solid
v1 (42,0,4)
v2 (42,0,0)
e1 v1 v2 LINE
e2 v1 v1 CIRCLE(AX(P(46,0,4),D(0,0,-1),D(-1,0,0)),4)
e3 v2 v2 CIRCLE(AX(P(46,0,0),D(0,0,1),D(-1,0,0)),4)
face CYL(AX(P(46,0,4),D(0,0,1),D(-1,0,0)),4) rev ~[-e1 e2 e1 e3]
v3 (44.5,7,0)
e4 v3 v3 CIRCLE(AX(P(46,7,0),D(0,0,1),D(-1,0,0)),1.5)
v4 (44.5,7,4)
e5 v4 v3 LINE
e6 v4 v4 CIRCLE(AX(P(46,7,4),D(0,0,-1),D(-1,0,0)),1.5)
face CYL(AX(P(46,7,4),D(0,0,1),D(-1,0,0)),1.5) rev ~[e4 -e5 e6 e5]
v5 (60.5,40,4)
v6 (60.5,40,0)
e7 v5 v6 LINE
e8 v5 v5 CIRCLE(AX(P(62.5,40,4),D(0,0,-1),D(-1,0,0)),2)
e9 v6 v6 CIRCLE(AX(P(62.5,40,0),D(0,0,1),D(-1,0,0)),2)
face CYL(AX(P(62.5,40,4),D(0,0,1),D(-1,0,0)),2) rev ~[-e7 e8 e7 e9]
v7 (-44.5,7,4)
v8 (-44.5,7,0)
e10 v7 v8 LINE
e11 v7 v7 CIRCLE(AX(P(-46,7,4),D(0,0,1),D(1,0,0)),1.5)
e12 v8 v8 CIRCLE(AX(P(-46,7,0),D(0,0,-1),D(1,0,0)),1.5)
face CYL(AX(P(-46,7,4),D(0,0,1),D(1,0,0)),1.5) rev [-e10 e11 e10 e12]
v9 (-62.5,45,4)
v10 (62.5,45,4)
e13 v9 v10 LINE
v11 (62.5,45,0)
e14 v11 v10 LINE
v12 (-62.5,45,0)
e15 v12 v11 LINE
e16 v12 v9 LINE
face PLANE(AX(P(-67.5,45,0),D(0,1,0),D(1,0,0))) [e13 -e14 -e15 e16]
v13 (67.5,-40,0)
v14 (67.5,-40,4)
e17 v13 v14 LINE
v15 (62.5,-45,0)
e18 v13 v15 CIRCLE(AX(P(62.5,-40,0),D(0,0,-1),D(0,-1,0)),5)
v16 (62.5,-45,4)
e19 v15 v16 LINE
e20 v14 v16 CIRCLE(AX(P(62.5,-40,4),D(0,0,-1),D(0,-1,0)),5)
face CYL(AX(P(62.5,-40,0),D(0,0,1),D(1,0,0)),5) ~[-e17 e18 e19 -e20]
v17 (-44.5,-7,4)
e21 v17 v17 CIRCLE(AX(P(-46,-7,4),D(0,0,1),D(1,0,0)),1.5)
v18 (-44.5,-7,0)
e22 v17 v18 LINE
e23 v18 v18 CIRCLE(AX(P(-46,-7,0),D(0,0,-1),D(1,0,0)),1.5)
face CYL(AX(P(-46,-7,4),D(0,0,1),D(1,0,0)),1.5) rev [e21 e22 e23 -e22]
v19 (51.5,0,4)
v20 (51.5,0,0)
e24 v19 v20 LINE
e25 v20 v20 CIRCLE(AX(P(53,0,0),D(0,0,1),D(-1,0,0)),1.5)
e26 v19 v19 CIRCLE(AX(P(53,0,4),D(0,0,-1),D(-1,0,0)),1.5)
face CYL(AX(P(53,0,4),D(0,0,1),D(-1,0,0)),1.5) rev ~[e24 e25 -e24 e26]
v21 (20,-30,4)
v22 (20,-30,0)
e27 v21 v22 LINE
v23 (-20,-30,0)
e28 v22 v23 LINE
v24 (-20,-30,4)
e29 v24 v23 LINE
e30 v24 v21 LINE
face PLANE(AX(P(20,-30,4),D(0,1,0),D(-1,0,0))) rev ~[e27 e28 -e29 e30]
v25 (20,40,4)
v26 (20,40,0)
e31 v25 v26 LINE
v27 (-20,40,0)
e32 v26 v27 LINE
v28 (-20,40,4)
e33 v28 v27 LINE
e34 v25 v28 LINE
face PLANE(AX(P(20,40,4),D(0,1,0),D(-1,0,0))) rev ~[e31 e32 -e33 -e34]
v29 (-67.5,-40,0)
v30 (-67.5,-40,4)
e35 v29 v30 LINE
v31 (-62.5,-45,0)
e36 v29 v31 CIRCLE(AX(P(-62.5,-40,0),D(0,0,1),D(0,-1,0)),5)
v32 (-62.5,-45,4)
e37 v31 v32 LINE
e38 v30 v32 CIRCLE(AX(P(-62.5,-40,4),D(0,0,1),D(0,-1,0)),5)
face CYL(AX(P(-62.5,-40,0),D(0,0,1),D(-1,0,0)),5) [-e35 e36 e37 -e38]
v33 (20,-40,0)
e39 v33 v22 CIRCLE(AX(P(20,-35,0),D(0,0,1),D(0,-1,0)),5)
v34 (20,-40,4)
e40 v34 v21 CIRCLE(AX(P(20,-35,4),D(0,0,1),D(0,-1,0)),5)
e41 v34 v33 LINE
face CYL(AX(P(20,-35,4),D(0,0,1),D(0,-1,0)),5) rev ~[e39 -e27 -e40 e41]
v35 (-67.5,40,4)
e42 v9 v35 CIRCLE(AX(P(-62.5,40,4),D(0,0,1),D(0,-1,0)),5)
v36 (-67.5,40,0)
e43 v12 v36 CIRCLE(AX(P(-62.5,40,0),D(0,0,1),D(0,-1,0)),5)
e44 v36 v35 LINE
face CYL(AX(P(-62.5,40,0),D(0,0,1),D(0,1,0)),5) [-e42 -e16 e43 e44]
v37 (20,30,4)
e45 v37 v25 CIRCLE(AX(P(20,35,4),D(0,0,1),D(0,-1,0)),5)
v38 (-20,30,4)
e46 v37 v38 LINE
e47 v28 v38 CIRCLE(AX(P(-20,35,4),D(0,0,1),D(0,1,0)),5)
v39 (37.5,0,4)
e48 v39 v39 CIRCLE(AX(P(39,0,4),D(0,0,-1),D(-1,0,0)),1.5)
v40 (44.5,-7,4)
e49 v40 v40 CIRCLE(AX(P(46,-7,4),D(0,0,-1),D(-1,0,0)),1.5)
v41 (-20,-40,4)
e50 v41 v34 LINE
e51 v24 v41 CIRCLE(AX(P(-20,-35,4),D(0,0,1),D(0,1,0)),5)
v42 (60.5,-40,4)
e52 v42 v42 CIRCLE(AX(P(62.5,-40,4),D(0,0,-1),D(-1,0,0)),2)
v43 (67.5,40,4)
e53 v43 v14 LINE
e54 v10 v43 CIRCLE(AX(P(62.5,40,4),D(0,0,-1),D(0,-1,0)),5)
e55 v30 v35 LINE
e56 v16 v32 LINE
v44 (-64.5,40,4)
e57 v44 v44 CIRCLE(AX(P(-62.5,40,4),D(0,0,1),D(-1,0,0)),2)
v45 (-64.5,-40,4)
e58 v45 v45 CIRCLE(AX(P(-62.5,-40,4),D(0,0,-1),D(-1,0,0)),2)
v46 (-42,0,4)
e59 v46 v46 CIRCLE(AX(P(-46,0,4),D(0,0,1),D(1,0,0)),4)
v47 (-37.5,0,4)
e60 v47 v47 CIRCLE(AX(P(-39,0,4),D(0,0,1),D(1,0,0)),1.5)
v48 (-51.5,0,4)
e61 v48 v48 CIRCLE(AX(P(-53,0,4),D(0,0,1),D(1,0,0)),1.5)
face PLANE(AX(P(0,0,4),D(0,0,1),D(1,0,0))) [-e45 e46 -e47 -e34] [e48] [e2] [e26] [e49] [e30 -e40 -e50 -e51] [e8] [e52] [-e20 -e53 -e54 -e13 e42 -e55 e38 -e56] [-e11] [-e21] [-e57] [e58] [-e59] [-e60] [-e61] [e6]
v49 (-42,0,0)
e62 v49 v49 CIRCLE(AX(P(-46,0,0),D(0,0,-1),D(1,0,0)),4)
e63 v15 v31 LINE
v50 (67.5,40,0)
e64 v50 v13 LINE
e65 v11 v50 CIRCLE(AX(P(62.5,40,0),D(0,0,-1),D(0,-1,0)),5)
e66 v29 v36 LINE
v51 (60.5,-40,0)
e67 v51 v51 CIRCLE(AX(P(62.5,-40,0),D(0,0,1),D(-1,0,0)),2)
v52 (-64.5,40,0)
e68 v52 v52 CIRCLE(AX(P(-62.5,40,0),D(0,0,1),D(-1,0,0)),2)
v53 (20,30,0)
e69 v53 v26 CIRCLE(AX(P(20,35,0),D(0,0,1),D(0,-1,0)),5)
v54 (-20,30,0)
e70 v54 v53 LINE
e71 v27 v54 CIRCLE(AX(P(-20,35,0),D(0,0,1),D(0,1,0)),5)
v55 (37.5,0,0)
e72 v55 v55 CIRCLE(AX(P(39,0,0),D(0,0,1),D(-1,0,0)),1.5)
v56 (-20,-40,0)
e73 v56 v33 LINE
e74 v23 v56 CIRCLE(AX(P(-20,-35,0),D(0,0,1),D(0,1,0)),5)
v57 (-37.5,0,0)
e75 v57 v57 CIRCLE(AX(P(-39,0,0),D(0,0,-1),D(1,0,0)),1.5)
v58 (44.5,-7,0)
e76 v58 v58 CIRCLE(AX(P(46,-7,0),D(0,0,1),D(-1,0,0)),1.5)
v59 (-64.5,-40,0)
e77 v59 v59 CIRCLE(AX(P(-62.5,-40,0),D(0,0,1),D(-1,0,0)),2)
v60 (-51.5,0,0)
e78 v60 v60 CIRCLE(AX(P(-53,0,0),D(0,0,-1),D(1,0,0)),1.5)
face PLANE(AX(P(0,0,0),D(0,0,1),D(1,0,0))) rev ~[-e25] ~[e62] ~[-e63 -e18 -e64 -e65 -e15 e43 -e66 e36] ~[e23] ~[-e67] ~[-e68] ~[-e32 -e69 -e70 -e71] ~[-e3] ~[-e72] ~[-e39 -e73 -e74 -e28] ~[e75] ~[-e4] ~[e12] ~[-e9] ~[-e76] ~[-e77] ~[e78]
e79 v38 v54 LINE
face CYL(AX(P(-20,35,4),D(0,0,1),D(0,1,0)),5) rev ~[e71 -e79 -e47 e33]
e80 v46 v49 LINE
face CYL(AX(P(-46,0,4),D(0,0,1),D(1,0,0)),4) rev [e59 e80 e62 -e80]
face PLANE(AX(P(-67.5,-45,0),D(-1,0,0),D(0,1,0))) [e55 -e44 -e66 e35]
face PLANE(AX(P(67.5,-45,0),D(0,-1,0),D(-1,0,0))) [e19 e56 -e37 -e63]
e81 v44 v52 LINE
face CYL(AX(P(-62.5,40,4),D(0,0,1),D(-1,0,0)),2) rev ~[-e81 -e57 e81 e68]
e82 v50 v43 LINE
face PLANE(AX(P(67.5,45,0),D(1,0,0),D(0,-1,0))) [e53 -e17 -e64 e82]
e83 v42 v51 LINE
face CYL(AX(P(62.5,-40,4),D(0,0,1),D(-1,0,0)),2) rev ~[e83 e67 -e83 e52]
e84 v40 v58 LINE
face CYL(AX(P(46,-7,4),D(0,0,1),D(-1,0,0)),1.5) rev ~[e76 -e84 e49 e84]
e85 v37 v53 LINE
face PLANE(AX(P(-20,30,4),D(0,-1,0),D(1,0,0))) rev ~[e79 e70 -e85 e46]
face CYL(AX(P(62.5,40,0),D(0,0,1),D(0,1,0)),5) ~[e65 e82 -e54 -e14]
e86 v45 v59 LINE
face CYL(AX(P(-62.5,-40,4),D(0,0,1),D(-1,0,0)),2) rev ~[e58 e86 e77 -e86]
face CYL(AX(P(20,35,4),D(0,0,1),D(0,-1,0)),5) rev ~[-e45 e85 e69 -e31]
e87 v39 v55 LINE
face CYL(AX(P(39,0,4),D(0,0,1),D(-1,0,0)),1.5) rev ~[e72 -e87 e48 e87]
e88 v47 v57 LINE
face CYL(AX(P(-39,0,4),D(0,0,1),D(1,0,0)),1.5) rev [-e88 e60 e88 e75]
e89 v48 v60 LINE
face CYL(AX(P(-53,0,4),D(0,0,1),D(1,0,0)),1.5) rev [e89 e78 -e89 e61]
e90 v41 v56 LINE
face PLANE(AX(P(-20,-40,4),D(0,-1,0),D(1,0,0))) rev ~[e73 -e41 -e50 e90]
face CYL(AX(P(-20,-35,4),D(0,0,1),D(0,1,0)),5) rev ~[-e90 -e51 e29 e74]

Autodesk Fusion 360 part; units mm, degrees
sketch "Boceto1" plane through (0, 0, 0) normal (0, 0, 1) x (1, 0, 0)
  line L0 (-67.5, 45) -> (67.5, 45)
  line L1 (67.5, 45) -> (67.5, -45)
  line L2 (67.5, -45) -> (-67.5, -45)
  line L3 (-67.5, -45) -> (-67.5, 45)
  line L4 (-67.5, 45) -> (67.5, -45) construction
  line L5 (67.5, 45) -> (-67.5, -45) construction
  dimension "d1" = 135
  dimension "d2" = 90
extrude "Extruir1" add sketch "Boceto1" along normal blind 4
sketch "Boceto2" plane through (0, 0, 4) normal (0, 0, 1) x (-1, 0, 0)
  line L0 (67.5, 45) -> (-67.5, 45)
  line L1 (-67.5, 45) -> (-67.5, -45)
  line L2 (-67.5, -45) -> (67.5, -45)
  line L3 (67.5, -45) -> (67.5, 45)
  line L4 (67.5, -45) -> (67.5, -40)
  line L5 (67.5, -40) -> (62.5, -40)
  line L6 (67.5, 45) -> (62.5, 45)
  line L7 (62.5, 45) -> (62.5, 40)
  line L8 (-67.5, -45) -> (-62.5, -45)
  line L9 (-62.5, -45) -> (-62.5, -40)
  line L10 (-67.5, 45) -> (-67.5, 40)
  line L11 (-67.5, 40) -> (-62.5, 40)
  circle A0 centre (62.5, -40) radius 2
  circle A1 centre (62.5, 40) radius 2
  circle A2 centre (-62.5, -40) radius 2
  circle A3 centre (-62.5, 40) radius 2
  dimension "d5" = 5
  dimension "d6" = 5
  dimension "d7" = 135
  dimension "d8" = 90
  dimension "d9" = 5
  dimension "d10" = 5
  dimension "d11" = 5
  dimension "d12" = 5
  dimension "d13" = 5
  dimension "d14" = 5
  dimension "d15" = 4
  dimension "d16" = 4
  dimension "d17" = 4
  dimension "d18" = 4
extrude "Extruir2" cut sketch "Boceto2" against normal blind 4 contours A1 | A3 | A2 | A0
fillet "Empalme1" radius 5 4 edges at (-67.5, -45, 2) (67.5, -45, 2) (67.5, 45, 2) (-67.5, 45, 2)
sketch "Boceto3" plane through (0, 0, 4) normal (0, 0, 1) x (-1, 0, 0)
  circle A0 centre (62.5, 40) radius 2
  circle A1 centre (-62.5, -40) radius 2
  circle A2 centre (62.5, -40) radius 2
  circle A3 centre (-62.5, 40) radius 2
  arc A4 (62.5, -45) -> (67.5, -40) centre (62.5, -40) ccw
  line L0 (67.5, -40) -> (67.5, 40)
  arc A5 (67.5, 40) -> (62.5, 45) centre (62.5, 40) ccw
  line L1 (62.5, 45) -> (-62.5, 45)
  arc A6 (-62.5, 45) -> (-67.5, 40) centre (-62.5, 40) ccw
  line L2 (-67.5, 40) -> (-67.5, -40)
  arc A7 (-67.5, -40) -> (-62.5, -45) centre (-62.5, -40) ccw
  line L3 (-62.5, -45) -> (62.5, -45)
  line L4 (-67.5, 0) -> (-46, 0)
  circle A8 centre (-46, 0) radius 4
  circle A9 centre (-46, 0) radius 7
  line L5 (-46, 0) -> (-46, -7) construction
  line L6 (-46, 0) -> (-39, 0) construction
  line L7 (-46, 0) -> (-46, 7) construction
  line L8 (-46, 0) -> (-53, 0) construction
  circle A10 centre (-46, -7) radius 1.5
  circle A11 centre (-39, 0) radius 1.5
  circle A12 centre (-46, 7) radius 1.5
  circle A13 centre (-53, 0) radius 1.5
  dimension "d23" = 21.5
  dimension "d24" = 8
  dimension "d25" = 14
  dimension "d26" = 3
  dimension "d27" = 3
  dimension "d28" = 3
  dimension "d29" = 3
extrude "Extruir3" cut sketch "Boceto3" against normal blind 4 contours L4 A9 A13 | L4 A9 A13 | L4 A9 A13 | L4 A9 A13 | A8 | A9 A12 | A9 A12 | A9 A10 | A9 A10 | A9 A11 | A9 A11
mirror "Simetría1" about plane through (0, 0, 0) normal (1, 0, 0) of "Extruir3"
sketch "Boceto4" plane through (0, 0, 4) normal (0, 0, 1) x (-1, 0, 0)
  circle A0 centre (46, 7) radius 1.5
  circle A1 centre (46, -7) radius 1.5
  circle A2 centre (39, 0) radius 1.5
  circle A3 centre (53, 0) radius 1.5
  circle A4 centre (46, 0) radius 4
  arc A5 (62.5, -45) -> (67.5, -40) centre (62.5, -40) ccw
  line L0 (67.5, -40) -> (67.5, 40)
  arc A6 (67.5, 40) -> (62.5, 45) centre (62.5, 40) ccw
  line L1 (62.5, 45) -> (-62.5, 45)
  arc A7 (-62.5, 45) -> (-67.5, 40) centre (-62.5, 40) ccw
  line L2 (-67.5, 40) -> (-67.5, -40)
  arc A8 (-67.5, -40) -> (-62.5, -45) centre (-62.5, -40) ccw
  line L3 (-62.5, -45) -> (62.5, -45)
  circle A9 centre (-62.5, 40) radius 2
  circle A10 centre (62.5, -40) radius 2
  circle A11 centre (-62.5, -40) radius 2
  circle A12 centre (62.5, 40) radius 2
  circle A13 centre (-46, 7) radius 1.5
  circle A14 centre (-46, -7) radius 1.5
  circle A15 centre (-53, 0) radius 1.5
  circle A16 centre (-39, 0) radius 1.5
  circle A17 centre (-46, 0) radius 4
  line L4 (0, 35) -> (0, -35)
  line L5 (-20, -35) -> (20, -35)
  line L6 (-20, 35) -> (20, 35)
  line L7 (20, -30) -> (-20, -30)
  arc A18 (-20, -30) -> (-20, -40) centre (-20, -35) ccw
  line L8 (-20, -40) -> (20, -40)
  arc A19 (20, -40) -> (20, -30) centre (20, -35) ccw
  line L9 (20, -35) -> (-20, -35) construction
  line L10 (20, 40) -> (-20, 40)
  arc A20 (-20, 40) -> (-20, 30) centre (-20, 35) ccw
  line L11 (-20, 30) -> (20, 30)
  arc A21 (20, 30) -> (20, 40) centre (20, 35) ccw
  line L12 (20, 35) -> (-20, 35) construction
  dimension "d34" = 70
  dimension "d35" = 40
  dimension "d36" = 40
  dimension "d37" = 10
  dimension "d38" = 10
extrude "Extruir4" cut sketch "Boceto4" against normal blind 4 contours L7 A18 L8 A19 | L10 A20 L11 A21
